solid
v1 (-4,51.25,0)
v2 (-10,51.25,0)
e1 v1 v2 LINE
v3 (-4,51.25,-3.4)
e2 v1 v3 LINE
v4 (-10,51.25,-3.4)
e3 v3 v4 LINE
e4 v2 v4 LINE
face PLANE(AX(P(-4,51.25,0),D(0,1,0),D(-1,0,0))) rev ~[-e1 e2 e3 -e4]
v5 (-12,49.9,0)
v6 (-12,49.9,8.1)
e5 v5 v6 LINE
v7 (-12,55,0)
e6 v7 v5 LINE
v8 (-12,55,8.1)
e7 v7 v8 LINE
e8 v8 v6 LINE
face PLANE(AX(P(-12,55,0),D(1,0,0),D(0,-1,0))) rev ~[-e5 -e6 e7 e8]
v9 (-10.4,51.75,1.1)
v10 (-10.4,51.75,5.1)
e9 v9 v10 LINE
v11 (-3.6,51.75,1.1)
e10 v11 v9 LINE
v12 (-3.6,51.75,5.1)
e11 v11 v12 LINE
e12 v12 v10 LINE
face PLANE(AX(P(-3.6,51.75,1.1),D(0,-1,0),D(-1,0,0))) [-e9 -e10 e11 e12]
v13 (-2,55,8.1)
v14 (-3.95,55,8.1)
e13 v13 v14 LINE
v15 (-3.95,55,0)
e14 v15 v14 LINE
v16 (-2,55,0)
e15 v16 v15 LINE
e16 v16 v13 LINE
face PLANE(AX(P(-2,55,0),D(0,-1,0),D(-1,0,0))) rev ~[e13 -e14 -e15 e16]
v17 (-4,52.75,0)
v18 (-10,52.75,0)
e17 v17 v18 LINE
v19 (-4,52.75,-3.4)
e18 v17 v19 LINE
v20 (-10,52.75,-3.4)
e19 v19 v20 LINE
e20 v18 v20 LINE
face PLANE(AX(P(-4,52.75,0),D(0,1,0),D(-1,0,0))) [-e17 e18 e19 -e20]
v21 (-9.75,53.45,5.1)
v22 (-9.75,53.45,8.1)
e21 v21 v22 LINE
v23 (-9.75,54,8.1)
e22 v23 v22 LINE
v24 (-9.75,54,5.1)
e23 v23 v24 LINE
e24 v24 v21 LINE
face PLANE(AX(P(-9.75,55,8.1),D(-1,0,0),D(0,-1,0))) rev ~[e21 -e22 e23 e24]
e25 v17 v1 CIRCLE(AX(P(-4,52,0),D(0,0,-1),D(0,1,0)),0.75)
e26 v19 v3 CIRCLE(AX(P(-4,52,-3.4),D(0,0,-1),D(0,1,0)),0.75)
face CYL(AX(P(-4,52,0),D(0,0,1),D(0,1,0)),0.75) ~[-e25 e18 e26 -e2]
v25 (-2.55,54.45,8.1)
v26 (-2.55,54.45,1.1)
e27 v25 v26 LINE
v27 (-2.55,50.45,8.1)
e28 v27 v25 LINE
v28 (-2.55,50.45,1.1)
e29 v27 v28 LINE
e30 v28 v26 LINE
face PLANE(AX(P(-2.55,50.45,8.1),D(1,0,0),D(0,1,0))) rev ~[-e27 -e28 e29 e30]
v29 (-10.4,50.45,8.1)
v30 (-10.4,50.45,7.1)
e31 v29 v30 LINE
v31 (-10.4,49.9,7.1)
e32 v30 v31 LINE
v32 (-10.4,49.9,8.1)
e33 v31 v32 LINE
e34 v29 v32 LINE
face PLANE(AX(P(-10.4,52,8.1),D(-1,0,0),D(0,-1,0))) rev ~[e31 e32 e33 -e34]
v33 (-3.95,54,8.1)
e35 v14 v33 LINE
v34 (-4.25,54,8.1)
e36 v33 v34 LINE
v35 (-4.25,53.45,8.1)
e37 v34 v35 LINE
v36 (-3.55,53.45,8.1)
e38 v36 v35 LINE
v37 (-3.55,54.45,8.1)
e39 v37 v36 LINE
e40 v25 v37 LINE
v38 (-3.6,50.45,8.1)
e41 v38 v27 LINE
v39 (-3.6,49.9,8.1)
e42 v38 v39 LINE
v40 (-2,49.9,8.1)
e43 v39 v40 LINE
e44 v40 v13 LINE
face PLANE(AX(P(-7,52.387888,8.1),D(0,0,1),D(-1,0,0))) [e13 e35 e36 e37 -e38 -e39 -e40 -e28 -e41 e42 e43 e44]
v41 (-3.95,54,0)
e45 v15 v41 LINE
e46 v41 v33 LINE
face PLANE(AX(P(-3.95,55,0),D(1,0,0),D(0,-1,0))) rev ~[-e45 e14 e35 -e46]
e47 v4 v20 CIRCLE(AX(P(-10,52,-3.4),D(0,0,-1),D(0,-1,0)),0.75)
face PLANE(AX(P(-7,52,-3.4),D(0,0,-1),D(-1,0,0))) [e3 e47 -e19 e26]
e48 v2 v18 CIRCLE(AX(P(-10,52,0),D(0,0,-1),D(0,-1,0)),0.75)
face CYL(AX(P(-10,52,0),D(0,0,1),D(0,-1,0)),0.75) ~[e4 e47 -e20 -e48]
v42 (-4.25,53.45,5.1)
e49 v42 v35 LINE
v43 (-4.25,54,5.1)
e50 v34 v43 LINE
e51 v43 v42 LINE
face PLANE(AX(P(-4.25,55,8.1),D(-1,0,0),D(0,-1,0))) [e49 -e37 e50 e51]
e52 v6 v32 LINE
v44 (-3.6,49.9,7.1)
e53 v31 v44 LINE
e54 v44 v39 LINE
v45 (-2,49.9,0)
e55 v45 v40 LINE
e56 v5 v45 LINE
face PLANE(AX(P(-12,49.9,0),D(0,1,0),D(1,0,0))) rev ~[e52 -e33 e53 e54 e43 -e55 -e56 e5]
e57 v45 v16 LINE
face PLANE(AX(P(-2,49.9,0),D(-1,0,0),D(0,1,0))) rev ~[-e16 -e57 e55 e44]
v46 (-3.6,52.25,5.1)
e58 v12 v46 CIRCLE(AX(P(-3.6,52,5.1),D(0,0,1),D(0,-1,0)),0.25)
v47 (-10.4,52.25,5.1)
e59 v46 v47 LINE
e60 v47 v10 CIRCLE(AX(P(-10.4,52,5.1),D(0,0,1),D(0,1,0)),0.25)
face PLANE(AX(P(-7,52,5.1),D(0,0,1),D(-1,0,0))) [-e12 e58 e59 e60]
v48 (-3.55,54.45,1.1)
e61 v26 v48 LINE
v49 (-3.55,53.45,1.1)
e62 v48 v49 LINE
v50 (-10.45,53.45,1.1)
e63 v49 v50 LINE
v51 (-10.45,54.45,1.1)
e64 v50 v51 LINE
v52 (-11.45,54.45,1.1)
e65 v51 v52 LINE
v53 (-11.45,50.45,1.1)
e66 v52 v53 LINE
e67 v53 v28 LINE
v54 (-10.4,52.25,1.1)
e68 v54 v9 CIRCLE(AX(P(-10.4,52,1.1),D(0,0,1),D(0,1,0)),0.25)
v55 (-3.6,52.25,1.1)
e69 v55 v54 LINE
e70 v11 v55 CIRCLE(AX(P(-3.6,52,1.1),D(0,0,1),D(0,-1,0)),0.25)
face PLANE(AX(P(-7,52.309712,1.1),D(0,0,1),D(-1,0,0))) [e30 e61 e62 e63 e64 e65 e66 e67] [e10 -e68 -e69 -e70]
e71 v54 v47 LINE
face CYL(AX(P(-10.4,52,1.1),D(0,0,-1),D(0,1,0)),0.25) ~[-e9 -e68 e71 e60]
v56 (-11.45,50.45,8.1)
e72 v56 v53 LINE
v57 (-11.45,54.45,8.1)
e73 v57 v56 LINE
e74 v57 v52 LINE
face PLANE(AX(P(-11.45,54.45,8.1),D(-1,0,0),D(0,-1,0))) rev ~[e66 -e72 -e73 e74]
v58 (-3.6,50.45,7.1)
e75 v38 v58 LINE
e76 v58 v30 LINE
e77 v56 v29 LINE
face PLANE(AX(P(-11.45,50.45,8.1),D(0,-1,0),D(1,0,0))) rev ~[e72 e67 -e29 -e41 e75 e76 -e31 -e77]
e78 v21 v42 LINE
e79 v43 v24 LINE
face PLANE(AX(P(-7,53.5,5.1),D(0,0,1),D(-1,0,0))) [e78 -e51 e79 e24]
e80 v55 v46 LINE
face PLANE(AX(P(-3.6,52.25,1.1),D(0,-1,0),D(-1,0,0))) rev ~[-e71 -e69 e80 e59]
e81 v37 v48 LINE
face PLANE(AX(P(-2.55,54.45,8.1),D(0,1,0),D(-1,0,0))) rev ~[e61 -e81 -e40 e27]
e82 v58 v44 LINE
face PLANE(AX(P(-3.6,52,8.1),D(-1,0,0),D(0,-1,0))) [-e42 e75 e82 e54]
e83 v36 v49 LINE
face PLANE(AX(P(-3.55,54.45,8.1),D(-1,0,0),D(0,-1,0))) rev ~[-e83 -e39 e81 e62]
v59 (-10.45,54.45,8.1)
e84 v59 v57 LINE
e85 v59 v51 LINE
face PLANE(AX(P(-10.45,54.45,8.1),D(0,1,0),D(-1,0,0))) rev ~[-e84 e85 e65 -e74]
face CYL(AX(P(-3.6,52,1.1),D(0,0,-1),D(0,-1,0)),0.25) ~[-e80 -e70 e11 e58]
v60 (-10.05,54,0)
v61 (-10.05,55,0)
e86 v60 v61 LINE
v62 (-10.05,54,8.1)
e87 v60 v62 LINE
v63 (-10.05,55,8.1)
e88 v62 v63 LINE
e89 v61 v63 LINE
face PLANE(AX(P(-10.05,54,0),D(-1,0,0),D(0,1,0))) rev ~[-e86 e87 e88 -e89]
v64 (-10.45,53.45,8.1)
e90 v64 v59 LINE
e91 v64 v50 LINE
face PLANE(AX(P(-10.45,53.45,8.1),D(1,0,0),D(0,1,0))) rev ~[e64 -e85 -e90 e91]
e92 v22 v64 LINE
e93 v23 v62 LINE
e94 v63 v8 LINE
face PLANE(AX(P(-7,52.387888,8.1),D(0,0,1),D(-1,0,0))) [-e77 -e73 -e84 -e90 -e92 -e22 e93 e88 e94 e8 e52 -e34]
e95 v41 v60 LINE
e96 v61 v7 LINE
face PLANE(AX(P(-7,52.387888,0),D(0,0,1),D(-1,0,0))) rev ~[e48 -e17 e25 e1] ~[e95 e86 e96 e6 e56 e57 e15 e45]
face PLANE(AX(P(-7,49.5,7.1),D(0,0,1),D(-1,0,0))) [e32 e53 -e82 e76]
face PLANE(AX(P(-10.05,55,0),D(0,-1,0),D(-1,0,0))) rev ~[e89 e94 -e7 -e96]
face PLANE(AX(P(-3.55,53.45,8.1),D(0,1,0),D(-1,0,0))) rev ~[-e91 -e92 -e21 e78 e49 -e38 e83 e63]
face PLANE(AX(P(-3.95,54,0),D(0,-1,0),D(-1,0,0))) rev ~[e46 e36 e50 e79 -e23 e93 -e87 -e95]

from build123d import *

# Parameters (mm, degrees)
PAD005_DEPTH            = 8.1
POCKET003_DEPTH         = 7
SKETCH010_W             = 6.8
SKETCH010_H             = 5
POCKET004_DEPTH         = 1
SKETCH011_W             = 5.5
SKETCH011_H             = 3
POCKET005_DEPTH         = 3
PAD006_DEPTH            = 4
PAD014_DEPTH            = 3.4
BODY005_PLACEMENT_ANGLE = 180


with BuildPart() as part:
    # Sketch008 → Pad005 (new body)
    with BuildSketch(Plane.XY):
        Polygon((-5, 0), (-3.05, 0), (-3.05, 1), (3.05, 1), (3.05, 0), (5, 0), (5, 5.1), (-5, 5.1), align=None)
    extrude(amount=PAD005_DEPTH)

    # Sketch009 (on Face10 of Pad005) → Pocket003 (cut)
    with BuildSketch(Plane.XY.offset(8.1)):
        Polygon((-4.45, 0.55), (-3.45, 0.55), (-3.45, 1.55), (3.45, 1.55), (3.45, 0.55), (4.45, 0.55), (4.45, 4.55), (-4.45, 4.55), align=None)
    extrude(amount=-POCKET003_DEPTH, mode=Mode.SUBTRACT)

    # Sketch010 (on Face5 of Pocket003) → Pocket004 (cut)
    with BuildSketch(Plane.XY.offset(8.1)):
        with Locations((0, 5.5)):
            Rectangle(SKETCH010_W, SKETCH010_H)
    extrude(amount=-POCKET004_DEPTH, mode=Mode.SUBTRACT)

    # Sketch011 (on Face5 of Pocket004) → Pocket005 (cut)
    with BuildSketch(Plane.XY.offset(8.1)):
        with Locations((0, 1.5)):
            Rectangle(SKETCH011_W, SKETCH011_H)
    extrude(amount=-POCKET005_DEPTH, mode=Mode.SUBTRACT)

    # Sketch012 (on Face26 of Pocket005) → Pad006 (join)
    with BuildSketch(Plane.XY.offset(1.1)):
        with BuildLine():
            ThreePointArc((-3.4, 3.25), (-3.65, 3), (-3.4, 2.75))
            Line((-3.4, 2.75), (3.4, 2.75))
            ThreePointArc((3.4, 2.75), (3.65, 3), (3.4, 3.25))
            Line((-3.4, 3.25), (3.4, 3.25))
        make_face()
    extrude(amount=PAD006_DEPTH)

    # Sketch020 (on Face4 of Pad006) → Pad014 (join)
    with BuildSketch(Plane(origin=(0, 0, 0), x_dir=(1, 0, 0), z_dir=(0, 0, -1))):
        with BuildLine():
            ThreePointArc((-3, -2.25), (-3.75, -3), (-3, -3.75))
            Line((-3, -3.75), (3, -3.75))
            ThreePointArc((3, -3.75), (3.75, -3), (3, -2.25))
            Line((-3, -2.25), (3, -2.25))
        make_face()
    extrude(amount=PAD014_DEPTH)


with BuildPart() as part_1:
    # Body005 placement: moved
    add(part.part.moved(Location((-7, 29, 0))).rotate(Axis((-7, 29, 0), (0, 0, 1)), BODY005_PLACEMENT_ANGLE))


with BuildPart() as part_2:
    # Body011 placement: moved
    add(part_1.part.moved(Location((0, 26, 0))))


solid = part_2.part
